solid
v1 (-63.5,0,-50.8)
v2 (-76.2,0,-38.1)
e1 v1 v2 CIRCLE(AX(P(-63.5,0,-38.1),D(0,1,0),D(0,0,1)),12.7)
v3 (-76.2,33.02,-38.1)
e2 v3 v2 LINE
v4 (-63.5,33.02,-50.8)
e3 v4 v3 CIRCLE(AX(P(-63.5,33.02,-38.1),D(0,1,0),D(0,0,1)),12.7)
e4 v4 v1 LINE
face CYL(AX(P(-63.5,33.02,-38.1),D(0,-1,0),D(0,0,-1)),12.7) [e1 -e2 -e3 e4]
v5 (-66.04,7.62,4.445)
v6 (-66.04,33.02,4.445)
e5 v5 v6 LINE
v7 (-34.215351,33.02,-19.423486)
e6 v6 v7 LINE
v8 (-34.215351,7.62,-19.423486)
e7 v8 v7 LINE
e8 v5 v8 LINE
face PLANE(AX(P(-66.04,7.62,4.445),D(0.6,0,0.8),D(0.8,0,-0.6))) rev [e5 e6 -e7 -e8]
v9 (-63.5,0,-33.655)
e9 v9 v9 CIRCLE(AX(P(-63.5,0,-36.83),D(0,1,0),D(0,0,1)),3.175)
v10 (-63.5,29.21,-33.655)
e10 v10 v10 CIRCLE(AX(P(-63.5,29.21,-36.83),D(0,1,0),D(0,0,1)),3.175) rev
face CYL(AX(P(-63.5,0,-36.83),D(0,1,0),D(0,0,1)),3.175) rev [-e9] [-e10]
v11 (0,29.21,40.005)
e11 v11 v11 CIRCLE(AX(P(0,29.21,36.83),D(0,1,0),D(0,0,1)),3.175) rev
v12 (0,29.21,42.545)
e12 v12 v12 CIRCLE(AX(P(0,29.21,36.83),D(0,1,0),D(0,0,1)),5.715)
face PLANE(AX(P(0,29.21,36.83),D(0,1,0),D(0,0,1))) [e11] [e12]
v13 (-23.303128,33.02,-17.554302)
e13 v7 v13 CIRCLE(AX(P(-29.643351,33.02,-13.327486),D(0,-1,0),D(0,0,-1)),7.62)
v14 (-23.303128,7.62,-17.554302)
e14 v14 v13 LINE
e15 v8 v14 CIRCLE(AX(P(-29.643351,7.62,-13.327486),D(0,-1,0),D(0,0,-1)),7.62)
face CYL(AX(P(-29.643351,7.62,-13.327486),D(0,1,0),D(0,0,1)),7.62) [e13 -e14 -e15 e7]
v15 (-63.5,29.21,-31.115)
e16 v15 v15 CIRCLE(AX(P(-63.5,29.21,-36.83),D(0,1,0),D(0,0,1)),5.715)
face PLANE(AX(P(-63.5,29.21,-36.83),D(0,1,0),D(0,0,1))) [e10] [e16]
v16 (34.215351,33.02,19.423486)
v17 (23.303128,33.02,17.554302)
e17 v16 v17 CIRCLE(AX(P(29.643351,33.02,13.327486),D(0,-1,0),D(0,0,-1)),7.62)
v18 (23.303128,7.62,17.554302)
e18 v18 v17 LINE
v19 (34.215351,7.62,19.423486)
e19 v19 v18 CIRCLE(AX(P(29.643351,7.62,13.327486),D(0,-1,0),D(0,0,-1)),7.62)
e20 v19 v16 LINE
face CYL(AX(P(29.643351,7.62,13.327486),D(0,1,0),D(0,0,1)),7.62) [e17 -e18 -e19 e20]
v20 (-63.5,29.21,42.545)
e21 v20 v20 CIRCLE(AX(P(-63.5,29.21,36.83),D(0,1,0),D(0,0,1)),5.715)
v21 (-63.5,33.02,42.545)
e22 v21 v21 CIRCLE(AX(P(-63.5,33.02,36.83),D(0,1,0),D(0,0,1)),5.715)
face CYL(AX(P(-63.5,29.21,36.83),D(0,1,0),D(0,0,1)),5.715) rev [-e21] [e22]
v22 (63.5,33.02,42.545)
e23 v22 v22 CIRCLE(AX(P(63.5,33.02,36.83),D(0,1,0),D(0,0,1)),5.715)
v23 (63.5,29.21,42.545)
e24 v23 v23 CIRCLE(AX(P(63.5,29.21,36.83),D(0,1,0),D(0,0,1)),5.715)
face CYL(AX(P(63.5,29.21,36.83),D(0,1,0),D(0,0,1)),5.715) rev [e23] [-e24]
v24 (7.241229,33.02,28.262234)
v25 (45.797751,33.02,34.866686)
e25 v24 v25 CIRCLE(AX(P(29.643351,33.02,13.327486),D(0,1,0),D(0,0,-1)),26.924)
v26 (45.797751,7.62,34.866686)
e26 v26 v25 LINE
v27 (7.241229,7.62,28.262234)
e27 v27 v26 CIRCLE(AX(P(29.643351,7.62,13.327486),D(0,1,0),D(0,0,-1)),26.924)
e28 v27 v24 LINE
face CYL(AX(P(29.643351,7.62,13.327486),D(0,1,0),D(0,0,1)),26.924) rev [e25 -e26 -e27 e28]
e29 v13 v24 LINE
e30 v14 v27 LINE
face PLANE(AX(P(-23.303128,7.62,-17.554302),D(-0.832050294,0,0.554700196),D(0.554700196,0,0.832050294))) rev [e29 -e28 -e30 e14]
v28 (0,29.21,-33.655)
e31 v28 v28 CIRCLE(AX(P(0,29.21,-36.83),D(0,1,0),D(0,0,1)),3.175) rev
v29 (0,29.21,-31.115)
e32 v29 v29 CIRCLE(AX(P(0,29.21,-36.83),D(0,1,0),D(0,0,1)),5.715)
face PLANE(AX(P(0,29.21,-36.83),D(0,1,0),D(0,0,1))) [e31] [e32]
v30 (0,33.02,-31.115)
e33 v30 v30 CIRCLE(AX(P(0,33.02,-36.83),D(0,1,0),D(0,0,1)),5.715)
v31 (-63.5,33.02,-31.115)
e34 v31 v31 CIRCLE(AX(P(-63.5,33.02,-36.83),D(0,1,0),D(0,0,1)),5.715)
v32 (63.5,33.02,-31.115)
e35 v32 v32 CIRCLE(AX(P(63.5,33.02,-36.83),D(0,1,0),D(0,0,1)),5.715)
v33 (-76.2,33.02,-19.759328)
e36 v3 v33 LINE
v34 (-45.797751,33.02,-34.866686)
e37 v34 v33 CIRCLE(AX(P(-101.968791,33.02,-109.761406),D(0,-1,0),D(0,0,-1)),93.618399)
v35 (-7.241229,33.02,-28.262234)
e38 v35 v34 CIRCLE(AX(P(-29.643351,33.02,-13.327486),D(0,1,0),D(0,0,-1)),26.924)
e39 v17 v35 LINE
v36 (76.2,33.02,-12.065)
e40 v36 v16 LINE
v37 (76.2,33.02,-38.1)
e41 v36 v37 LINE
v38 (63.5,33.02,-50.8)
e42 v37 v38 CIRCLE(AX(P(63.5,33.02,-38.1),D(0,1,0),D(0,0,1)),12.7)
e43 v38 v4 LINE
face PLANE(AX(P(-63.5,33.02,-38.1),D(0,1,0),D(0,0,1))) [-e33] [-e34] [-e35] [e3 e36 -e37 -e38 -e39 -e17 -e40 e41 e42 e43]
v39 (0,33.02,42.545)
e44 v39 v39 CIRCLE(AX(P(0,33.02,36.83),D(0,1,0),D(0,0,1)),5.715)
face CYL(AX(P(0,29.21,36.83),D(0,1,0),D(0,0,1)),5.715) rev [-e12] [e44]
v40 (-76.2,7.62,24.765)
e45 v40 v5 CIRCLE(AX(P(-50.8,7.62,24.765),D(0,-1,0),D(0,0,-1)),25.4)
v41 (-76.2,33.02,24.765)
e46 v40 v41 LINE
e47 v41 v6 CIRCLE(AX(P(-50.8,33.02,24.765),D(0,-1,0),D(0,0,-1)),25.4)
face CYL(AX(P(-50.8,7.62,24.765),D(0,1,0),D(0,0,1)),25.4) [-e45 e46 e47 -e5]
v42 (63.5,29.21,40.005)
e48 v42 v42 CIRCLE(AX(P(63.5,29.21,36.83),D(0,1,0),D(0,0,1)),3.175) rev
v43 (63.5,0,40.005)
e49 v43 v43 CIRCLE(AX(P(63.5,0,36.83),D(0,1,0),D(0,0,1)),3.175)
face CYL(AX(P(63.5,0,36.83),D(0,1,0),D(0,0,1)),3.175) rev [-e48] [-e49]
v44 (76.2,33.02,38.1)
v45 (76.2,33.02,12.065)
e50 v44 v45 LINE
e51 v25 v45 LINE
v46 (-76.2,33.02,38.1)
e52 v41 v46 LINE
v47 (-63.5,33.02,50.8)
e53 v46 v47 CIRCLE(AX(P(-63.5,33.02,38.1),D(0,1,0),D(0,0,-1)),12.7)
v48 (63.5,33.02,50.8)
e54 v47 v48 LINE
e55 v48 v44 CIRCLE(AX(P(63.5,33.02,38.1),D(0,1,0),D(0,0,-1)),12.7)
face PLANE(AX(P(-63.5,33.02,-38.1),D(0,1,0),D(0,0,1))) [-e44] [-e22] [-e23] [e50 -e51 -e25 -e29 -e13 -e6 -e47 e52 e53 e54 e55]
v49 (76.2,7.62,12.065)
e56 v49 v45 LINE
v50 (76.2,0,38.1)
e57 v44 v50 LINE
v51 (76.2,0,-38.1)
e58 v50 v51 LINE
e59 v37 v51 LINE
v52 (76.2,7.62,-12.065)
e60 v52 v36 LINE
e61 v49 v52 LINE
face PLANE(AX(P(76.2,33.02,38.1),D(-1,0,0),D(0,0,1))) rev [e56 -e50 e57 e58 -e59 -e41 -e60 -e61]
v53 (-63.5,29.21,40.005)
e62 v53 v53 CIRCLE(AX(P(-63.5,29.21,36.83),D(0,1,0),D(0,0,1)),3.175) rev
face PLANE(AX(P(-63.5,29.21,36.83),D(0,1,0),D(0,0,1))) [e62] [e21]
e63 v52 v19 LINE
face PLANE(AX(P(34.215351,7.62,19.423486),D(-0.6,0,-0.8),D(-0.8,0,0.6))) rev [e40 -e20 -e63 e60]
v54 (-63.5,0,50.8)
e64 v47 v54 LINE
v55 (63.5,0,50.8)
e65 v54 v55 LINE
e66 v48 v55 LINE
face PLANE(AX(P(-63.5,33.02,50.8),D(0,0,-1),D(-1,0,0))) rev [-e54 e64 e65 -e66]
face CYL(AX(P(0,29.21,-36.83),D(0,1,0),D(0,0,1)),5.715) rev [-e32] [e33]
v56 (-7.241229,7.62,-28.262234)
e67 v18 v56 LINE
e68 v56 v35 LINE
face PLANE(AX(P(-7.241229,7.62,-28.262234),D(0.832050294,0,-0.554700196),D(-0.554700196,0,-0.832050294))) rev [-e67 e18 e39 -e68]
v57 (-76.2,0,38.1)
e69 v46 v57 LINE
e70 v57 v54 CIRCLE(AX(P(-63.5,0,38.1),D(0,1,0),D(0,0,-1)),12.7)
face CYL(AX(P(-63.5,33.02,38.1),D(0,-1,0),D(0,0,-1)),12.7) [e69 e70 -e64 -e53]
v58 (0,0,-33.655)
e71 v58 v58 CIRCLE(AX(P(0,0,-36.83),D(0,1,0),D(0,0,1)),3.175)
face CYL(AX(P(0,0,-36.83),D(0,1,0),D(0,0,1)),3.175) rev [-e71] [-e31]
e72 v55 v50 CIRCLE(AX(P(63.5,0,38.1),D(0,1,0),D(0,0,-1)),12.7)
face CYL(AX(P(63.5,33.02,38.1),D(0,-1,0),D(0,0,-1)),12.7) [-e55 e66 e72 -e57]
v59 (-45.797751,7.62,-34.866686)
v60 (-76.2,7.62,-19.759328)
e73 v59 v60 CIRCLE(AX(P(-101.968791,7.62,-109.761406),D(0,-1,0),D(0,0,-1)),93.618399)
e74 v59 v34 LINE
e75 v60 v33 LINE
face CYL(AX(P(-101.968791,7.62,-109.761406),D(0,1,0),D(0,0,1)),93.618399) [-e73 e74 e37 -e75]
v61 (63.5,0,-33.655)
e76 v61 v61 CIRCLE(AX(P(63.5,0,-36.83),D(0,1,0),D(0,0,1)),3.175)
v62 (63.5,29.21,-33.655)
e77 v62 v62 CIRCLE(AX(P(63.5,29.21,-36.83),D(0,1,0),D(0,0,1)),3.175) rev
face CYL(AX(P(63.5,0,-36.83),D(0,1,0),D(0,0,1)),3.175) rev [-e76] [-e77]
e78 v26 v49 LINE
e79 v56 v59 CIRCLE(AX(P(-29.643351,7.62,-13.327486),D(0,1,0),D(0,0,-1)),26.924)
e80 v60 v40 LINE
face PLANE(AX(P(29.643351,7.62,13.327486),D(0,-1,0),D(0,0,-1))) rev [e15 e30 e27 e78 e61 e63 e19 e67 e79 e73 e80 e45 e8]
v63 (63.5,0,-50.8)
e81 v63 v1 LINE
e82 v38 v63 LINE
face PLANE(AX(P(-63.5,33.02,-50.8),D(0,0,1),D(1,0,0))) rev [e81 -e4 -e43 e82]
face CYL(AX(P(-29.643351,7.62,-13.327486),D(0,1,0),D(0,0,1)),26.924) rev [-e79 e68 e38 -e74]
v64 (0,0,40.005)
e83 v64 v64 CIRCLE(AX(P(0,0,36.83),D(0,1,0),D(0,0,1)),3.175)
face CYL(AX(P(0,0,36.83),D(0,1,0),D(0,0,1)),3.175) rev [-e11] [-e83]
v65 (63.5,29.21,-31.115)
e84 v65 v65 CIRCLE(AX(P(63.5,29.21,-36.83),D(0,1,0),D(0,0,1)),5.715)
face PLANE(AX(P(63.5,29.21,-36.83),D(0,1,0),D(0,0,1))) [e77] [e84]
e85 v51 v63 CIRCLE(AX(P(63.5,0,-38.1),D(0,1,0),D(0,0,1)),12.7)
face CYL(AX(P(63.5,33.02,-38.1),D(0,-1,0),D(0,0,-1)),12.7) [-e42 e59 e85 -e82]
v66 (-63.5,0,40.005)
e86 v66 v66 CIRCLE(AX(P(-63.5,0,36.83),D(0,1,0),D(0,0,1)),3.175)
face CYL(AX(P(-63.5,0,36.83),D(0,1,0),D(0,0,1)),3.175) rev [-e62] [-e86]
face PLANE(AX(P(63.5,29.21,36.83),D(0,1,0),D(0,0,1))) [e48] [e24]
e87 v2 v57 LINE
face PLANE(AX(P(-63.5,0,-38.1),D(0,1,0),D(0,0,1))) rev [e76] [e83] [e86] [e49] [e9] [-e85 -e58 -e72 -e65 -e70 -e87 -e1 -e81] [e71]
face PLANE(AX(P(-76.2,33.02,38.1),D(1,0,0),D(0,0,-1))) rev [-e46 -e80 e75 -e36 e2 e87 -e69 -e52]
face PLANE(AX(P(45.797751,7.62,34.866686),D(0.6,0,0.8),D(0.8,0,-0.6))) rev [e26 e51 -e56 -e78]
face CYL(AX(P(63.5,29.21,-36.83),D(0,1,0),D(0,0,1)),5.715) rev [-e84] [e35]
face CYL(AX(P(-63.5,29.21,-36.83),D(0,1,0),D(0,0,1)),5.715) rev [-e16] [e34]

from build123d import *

# Parameters (mm, degrees)
BOSS_EXTRUDE1_DEPTH = 33.02
CUT_EXTRUDE1_DEPTH  = 25.4
SKETCH3_R           = 3.175
CUT_EXTRUDE2_DEPTH  = 34.02
SKETCH4_R           = 5.715
CUT_EXTRUDE3_DEPTH  = 3.81


with BuildPart() as part:
    # Sketch1 → Boss-Extrude1 (new body)
    with BuildSketch(Plane(origin=(0, 0, 0), x_dir=(1, 0, 0), z_dir=(0, 1, 0))):
        with BuildLine():
            Line((-63.5, -50.8), (63.5, -50.8))
            ThreePointArc((63.5, -50.8), (72.480256121, -47.080256121), (76.2, -38.1))
            Line((76.2, -38.1), (76.2, 38.1))
            ThreePointArc((76.2, 38.1), (72.480256121, 47.080256121), (63.5, 50.8))
            Line((63.5, 50.8), (-63.5, 50.8))
            ThreePointArc((-63.5, 50.8), (-72.480256121, 47.080256121), (-76.2, 38.1))
            Line((-76.2, 38.1), (-76.2, -38.1))
            ThreePointArc((-76.2, -38.1), (-72.480256121, -47.080256121), (-63.5, -50.8))
        make_face()
    extrude(amount=BOSS_EXTRUDE1_DEPTH)

    # Sketch2 → Cut-Extrude1 (cut)
    with BuildSketch(Plane(origin=(0, 33.02, 0), x_dir=(1, 0, 0), z_dir=(0, 1, 0))):
        with BuildLine():
            Line((-76.2, 19.759327566), (-76.2, -24.765))
            ThreePointArc((-76.2, -24.765), (-73.518450651, -13.405774674), (-66.04, -4.445))
            Line((-66.04, -4.445), (-34.215351473, 19.423486395))
            ThreePointArc((-34.215351473, 19.423486395), (-28.356838342, 20.838097819), (-23.30312823, 17.55430189))
            Line((-23.30312823, 17.55430189), (7.241229349, -28.262234478))
            ThreePointArc((7.241229349, -28.262234478), (25.097671742, -39.864980093), (45.797751473, -34.866686395))
            Line((45.797751473, -34.866686395), (76.2, -12.065))
            Line((76.2, -12.065), (76.2, 12.065))
            Line((76.2, 12.065), (34.215351473, -19.423486395))
            ThreePointArc((34.215351473, -19.423486395), (28.356838342, -20.838097819), (23.30312823, -17.55430189))
            Line((23.30312823, -17.55430189), (-7.241229349, 28.262234478))
            ThreePointArc((-7.241229349, 28.262234478), (-25.097671742, 39.864980093), (-45.797751473, 34.866686395))
            ThreePointArc((-45.797751473, 34.866686395), (-60.308353779, 25.923391468), (-76.2, 19.759327566))
        make_face()
    extrude(amount=-CUT_EXTRUDE1_DEPTH, mode=Mode.SUBTRACT)

    # Sketch3 → Cut-Extrude2 (cut, through all)
    with BuildSketch(Plane(origin=(0, 33.02, 0), x_dir=(1, 0, 0), z_dir=(0, 1, 0))):
        with Locations((63.5, 36.83)):
            Circle(SKETCH3_R)
        with Locations((0, 36.83)):
            Circle(SKETCH3_R)
        with Locations((-63.5, 36.83)):
            Circle(SKETCH3_R)
        with Locations((63.5, -36.83)):
            Circle(SKETCH3_R)
        with Locations((0, -36.83)):
            Circle(SKETCH3_R)
        with Locations((-63.5, -36.83)):
            Circle(SKETCH3_R)
    extrude(amount=-CUT_EXTRUDE2_DEPTH, mode=Mode.SUBTRACT)

    # Sketch4 → Cut-Extrude3 (cut)
    with BuildSketch(Plane(origin=(0, 33.02, 0), x_dir=(1, 0, 0), z_dir=(0, 1, 0))):
        with Locations((-63.5, 36.83)):
            Circle(SKETCH4_R)
        with Locations((0, 36.83)):
            Circle(SKETCH4_R)
        with Locations((63.5, 36.83)):
            Circle(SKETCH4_R)
        with Locations((63.5, -36.83)):
            Circle(SKETCH4_R)
        with Locations((0, -36.83)):
            Circle(SKETCH4_R)
        with Locations((-63.5, -36.83)):
            Circle(SKETCH4_R)
    extrude(amount=-CUT_EXTRUDE3_DEPTH, mode=Mode.SUBTRACT)


solid = part.part
